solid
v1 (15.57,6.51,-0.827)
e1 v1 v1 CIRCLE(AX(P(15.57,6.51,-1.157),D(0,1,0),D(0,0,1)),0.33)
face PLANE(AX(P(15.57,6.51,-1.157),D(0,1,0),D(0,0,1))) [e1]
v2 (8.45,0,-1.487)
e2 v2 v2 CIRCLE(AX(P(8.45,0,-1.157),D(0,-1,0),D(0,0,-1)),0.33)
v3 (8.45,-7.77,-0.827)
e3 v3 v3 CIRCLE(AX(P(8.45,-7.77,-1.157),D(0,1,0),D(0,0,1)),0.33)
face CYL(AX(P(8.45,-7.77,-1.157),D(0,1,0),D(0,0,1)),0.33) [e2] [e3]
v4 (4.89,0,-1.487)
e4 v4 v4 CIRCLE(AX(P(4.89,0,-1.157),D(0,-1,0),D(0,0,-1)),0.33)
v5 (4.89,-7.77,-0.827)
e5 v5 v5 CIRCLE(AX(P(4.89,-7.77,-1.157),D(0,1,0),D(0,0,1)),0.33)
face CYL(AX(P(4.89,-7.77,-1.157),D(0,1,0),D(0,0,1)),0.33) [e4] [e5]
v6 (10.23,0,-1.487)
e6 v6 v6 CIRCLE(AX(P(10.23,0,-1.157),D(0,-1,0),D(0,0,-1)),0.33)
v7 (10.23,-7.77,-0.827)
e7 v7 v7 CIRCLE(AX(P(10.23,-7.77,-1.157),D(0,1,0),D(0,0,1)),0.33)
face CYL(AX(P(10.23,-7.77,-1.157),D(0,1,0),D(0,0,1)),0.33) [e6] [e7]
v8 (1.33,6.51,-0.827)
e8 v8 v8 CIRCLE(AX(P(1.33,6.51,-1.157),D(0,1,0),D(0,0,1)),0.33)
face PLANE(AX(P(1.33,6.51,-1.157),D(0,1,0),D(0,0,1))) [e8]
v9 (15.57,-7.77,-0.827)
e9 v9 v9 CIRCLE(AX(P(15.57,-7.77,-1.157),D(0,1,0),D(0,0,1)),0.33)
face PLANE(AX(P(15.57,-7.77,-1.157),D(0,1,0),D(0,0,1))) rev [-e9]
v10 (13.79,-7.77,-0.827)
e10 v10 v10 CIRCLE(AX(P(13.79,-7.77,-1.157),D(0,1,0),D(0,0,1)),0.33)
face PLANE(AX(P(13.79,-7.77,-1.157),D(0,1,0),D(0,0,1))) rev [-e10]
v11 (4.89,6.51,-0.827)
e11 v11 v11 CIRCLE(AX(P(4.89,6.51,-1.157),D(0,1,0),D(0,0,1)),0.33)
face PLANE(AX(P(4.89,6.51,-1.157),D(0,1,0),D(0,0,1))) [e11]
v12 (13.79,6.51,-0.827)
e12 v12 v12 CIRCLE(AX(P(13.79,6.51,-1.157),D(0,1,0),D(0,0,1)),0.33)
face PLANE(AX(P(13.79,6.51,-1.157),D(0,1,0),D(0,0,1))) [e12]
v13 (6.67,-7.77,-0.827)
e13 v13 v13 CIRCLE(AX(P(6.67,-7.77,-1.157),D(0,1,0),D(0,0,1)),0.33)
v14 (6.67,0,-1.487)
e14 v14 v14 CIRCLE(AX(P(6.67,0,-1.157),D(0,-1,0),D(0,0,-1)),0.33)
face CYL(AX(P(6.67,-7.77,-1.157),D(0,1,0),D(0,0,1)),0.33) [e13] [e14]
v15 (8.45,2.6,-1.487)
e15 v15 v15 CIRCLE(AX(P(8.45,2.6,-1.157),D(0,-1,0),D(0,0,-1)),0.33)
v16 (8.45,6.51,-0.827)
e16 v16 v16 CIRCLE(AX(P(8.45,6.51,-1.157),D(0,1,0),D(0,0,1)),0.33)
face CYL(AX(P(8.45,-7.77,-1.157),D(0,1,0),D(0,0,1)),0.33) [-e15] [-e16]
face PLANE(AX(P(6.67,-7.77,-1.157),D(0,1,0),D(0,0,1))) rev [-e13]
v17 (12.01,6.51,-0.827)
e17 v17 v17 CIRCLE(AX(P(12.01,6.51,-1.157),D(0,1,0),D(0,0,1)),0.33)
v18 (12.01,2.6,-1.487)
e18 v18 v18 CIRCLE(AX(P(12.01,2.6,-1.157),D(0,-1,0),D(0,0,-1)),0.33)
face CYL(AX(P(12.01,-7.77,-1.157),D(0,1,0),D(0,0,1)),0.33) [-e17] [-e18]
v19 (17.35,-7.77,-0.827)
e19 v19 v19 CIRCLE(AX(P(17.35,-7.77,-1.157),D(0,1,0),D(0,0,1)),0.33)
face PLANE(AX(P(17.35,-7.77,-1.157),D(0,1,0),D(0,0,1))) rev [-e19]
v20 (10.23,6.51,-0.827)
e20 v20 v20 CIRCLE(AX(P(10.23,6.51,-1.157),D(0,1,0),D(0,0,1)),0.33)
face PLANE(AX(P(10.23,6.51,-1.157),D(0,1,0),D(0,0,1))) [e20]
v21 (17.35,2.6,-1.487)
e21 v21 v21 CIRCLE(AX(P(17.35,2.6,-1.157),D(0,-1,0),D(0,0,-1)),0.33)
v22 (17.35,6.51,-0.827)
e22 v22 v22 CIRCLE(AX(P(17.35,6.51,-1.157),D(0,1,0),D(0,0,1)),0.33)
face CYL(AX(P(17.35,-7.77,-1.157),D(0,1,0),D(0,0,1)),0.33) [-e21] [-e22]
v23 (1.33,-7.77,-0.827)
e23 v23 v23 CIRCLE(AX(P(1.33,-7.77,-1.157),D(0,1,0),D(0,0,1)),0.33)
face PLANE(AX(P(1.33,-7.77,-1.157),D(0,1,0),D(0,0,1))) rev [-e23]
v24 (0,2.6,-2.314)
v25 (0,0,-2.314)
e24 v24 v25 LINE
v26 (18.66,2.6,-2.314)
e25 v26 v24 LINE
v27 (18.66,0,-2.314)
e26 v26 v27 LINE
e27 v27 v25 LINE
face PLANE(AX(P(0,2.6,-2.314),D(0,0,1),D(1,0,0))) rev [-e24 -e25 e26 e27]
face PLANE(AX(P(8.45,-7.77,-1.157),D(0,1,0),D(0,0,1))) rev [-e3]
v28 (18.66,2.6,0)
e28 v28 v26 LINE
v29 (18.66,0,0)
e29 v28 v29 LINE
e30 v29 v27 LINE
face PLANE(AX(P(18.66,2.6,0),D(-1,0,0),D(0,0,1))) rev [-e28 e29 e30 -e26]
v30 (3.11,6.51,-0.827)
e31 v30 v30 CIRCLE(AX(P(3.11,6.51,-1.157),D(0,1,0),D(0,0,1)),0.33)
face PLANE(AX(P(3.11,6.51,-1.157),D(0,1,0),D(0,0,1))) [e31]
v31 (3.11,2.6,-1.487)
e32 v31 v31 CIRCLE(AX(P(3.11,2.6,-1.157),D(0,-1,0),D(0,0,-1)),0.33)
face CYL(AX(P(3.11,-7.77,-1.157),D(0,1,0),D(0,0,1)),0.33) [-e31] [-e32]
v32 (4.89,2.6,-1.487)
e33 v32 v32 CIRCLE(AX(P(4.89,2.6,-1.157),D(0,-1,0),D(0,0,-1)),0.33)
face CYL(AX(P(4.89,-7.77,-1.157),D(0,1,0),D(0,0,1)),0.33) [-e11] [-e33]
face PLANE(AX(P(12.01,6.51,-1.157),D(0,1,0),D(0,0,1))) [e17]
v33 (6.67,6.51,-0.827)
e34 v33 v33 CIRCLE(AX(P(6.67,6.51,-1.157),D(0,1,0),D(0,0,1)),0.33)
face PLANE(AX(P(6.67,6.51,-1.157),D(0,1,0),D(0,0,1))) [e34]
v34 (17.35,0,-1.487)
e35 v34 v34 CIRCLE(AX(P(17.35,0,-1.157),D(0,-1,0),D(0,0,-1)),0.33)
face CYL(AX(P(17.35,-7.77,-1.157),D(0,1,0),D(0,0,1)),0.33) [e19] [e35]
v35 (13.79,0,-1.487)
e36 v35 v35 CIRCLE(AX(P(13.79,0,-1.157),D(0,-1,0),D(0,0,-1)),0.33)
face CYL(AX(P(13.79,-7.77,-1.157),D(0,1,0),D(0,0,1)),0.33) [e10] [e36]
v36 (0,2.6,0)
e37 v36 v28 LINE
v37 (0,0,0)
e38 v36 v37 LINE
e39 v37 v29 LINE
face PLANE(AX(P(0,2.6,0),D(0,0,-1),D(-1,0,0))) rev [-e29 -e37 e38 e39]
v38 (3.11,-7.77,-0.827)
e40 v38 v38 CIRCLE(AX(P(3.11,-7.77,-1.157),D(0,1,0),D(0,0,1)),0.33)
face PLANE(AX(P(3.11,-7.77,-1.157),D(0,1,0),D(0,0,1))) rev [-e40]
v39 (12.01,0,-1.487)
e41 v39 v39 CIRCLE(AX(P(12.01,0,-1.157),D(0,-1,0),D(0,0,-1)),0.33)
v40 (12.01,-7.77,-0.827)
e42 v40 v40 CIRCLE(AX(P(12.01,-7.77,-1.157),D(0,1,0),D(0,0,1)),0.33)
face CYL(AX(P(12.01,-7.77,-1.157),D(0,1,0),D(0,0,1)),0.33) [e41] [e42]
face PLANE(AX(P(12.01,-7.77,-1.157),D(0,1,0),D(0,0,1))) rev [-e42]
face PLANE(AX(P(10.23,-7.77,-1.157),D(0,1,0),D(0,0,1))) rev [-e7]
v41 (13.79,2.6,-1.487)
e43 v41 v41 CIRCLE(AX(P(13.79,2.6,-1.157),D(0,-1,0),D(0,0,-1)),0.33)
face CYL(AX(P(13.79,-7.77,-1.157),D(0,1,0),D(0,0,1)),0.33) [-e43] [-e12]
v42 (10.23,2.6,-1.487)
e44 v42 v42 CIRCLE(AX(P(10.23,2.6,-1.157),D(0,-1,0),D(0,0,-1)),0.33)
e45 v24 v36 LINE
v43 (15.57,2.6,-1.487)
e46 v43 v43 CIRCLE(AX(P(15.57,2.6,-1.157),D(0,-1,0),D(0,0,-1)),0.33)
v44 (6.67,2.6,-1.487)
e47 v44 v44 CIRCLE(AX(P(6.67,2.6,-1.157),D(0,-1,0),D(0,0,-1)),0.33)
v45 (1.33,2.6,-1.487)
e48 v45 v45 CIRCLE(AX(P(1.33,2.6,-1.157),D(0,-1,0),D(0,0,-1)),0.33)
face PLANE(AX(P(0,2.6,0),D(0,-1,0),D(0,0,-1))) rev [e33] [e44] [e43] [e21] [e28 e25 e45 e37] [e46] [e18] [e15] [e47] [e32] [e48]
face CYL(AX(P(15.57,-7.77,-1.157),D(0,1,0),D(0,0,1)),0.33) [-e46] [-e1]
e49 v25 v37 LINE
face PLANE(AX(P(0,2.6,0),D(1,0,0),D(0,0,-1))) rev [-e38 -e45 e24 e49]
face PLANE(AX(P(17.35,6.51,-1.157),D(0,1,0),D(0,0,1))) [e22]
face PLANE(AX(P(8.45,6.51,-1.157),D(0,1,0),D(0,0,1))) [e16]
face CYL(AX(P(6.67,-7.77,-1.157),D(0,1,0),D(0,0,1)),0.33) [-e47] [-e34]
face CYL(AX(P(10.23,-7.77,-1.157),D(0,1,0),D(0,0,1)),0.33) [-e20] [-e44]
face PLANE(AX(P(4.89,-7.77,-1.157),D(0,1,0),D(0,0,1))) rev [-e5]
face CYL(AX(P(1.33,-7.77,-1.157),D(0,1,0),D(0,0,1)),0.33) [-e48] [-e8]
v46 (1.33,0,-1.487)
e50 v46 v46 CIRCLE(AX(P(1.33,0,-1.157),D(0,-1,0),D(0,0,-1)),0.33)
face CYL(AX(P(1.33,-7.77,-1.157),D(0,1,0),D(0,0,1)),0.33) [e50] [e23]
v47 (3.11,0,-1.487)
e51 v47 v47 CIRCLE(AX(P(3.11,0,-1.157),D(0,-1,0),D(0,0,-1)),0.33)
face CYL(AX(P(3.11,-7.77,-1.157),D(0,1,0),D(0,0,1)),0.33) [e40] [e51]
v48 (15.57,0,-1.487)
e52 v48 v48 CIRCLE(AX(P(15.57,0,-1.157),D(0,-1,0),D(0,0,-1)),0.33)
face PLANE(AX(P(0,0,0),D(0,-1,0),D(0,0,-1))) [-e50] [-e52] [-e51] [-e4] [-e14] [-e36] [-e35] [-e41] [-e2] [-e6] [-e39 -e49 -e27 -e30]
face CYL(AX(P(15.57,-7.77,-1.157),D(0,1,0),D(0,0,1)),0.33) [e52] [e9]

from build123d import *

# Parameters (mm, degrees)
SKETCH1_W                = 18.66
SKETCH1_H                = 2.314
BOSS_EXTRUDE1_DEPTH      = 2.6
BOSS_EXTRUDE2_DEPTH      = 3.91
BOSS_EXTRUDE2_DEPTH_BACK = 10.37
SKETCH2_R                = 0.33


with BuildPart() as part:
    # Sketch1 → Boss-Extrude1 (new body)
    with BuildSketch(Plane(origin=(0, 0, 0), x_dir=(1, 0, 0), z_dir=(0, 1, 0))):
        with Locations((9.33, 1.157)):
            Rectangle(SKETCH1_W, SKETCH1_H)
    extrude(amount=BOSS_EXTRUDE1_DEPTH)

    # Sketch2 → Boss-Extrude2 (add, two sides: drawn at the far end of the back side and taken through both)
    with BuildSketch(Plane(origin=(0, 2.6, 0), x_dir=(1, 0, 0), z_dir=(0, 1, 0)).offset(-BOSS_EXTRUDE2_DEPTH_BACK)):
        with Locations(Location((1.33, 1.157, 0), (0, 0, 270))):
            Circle(SKETCH2_R)
        with Locations(Location((3.11, 1.157, 0), (0, 0, 270))):
            Circle(SKETCH2_R)
        with Locations(Location((4.89, 1.157, 0), (0, 0, 270))):
            Circle(SKETCH2_R)
        with Locations(Location((6.67, 1.157, 0), (0, 0, 270))):
            Circle(SKETCH2_R)
        with Locations(Location((8.45, 1.157, 0), (0, 0, 270))):
            Circle(SKETCH2_R)
        with Locations(Location((10.23, 1.157, 0), (0, 0, 270))):
            Circle(SKETCH2_R)
        with Locations(Location((12.01, 1.157, 0), (0, 0, 270))):
            Circle(SKETCH2_R)
        with Locations(Location((13.79, 1.157, 0), (0, 0, 270))):
            Circle(SKETCH2_R)
        with Locations(Location((15.57, 1.157, 0), (0, 0, 270))):
            Circle(SKETCH2_R)
        with Locations(Location((17.35, 1.157, 0), (0, 0, 270))):
            Circle(SKETCH2_R)
    extrude(amount=BOSS_EXTRUDE2_DEPTH + BOSS_EXTRUDE2_DEPTH_BACK)


solid = part.part
